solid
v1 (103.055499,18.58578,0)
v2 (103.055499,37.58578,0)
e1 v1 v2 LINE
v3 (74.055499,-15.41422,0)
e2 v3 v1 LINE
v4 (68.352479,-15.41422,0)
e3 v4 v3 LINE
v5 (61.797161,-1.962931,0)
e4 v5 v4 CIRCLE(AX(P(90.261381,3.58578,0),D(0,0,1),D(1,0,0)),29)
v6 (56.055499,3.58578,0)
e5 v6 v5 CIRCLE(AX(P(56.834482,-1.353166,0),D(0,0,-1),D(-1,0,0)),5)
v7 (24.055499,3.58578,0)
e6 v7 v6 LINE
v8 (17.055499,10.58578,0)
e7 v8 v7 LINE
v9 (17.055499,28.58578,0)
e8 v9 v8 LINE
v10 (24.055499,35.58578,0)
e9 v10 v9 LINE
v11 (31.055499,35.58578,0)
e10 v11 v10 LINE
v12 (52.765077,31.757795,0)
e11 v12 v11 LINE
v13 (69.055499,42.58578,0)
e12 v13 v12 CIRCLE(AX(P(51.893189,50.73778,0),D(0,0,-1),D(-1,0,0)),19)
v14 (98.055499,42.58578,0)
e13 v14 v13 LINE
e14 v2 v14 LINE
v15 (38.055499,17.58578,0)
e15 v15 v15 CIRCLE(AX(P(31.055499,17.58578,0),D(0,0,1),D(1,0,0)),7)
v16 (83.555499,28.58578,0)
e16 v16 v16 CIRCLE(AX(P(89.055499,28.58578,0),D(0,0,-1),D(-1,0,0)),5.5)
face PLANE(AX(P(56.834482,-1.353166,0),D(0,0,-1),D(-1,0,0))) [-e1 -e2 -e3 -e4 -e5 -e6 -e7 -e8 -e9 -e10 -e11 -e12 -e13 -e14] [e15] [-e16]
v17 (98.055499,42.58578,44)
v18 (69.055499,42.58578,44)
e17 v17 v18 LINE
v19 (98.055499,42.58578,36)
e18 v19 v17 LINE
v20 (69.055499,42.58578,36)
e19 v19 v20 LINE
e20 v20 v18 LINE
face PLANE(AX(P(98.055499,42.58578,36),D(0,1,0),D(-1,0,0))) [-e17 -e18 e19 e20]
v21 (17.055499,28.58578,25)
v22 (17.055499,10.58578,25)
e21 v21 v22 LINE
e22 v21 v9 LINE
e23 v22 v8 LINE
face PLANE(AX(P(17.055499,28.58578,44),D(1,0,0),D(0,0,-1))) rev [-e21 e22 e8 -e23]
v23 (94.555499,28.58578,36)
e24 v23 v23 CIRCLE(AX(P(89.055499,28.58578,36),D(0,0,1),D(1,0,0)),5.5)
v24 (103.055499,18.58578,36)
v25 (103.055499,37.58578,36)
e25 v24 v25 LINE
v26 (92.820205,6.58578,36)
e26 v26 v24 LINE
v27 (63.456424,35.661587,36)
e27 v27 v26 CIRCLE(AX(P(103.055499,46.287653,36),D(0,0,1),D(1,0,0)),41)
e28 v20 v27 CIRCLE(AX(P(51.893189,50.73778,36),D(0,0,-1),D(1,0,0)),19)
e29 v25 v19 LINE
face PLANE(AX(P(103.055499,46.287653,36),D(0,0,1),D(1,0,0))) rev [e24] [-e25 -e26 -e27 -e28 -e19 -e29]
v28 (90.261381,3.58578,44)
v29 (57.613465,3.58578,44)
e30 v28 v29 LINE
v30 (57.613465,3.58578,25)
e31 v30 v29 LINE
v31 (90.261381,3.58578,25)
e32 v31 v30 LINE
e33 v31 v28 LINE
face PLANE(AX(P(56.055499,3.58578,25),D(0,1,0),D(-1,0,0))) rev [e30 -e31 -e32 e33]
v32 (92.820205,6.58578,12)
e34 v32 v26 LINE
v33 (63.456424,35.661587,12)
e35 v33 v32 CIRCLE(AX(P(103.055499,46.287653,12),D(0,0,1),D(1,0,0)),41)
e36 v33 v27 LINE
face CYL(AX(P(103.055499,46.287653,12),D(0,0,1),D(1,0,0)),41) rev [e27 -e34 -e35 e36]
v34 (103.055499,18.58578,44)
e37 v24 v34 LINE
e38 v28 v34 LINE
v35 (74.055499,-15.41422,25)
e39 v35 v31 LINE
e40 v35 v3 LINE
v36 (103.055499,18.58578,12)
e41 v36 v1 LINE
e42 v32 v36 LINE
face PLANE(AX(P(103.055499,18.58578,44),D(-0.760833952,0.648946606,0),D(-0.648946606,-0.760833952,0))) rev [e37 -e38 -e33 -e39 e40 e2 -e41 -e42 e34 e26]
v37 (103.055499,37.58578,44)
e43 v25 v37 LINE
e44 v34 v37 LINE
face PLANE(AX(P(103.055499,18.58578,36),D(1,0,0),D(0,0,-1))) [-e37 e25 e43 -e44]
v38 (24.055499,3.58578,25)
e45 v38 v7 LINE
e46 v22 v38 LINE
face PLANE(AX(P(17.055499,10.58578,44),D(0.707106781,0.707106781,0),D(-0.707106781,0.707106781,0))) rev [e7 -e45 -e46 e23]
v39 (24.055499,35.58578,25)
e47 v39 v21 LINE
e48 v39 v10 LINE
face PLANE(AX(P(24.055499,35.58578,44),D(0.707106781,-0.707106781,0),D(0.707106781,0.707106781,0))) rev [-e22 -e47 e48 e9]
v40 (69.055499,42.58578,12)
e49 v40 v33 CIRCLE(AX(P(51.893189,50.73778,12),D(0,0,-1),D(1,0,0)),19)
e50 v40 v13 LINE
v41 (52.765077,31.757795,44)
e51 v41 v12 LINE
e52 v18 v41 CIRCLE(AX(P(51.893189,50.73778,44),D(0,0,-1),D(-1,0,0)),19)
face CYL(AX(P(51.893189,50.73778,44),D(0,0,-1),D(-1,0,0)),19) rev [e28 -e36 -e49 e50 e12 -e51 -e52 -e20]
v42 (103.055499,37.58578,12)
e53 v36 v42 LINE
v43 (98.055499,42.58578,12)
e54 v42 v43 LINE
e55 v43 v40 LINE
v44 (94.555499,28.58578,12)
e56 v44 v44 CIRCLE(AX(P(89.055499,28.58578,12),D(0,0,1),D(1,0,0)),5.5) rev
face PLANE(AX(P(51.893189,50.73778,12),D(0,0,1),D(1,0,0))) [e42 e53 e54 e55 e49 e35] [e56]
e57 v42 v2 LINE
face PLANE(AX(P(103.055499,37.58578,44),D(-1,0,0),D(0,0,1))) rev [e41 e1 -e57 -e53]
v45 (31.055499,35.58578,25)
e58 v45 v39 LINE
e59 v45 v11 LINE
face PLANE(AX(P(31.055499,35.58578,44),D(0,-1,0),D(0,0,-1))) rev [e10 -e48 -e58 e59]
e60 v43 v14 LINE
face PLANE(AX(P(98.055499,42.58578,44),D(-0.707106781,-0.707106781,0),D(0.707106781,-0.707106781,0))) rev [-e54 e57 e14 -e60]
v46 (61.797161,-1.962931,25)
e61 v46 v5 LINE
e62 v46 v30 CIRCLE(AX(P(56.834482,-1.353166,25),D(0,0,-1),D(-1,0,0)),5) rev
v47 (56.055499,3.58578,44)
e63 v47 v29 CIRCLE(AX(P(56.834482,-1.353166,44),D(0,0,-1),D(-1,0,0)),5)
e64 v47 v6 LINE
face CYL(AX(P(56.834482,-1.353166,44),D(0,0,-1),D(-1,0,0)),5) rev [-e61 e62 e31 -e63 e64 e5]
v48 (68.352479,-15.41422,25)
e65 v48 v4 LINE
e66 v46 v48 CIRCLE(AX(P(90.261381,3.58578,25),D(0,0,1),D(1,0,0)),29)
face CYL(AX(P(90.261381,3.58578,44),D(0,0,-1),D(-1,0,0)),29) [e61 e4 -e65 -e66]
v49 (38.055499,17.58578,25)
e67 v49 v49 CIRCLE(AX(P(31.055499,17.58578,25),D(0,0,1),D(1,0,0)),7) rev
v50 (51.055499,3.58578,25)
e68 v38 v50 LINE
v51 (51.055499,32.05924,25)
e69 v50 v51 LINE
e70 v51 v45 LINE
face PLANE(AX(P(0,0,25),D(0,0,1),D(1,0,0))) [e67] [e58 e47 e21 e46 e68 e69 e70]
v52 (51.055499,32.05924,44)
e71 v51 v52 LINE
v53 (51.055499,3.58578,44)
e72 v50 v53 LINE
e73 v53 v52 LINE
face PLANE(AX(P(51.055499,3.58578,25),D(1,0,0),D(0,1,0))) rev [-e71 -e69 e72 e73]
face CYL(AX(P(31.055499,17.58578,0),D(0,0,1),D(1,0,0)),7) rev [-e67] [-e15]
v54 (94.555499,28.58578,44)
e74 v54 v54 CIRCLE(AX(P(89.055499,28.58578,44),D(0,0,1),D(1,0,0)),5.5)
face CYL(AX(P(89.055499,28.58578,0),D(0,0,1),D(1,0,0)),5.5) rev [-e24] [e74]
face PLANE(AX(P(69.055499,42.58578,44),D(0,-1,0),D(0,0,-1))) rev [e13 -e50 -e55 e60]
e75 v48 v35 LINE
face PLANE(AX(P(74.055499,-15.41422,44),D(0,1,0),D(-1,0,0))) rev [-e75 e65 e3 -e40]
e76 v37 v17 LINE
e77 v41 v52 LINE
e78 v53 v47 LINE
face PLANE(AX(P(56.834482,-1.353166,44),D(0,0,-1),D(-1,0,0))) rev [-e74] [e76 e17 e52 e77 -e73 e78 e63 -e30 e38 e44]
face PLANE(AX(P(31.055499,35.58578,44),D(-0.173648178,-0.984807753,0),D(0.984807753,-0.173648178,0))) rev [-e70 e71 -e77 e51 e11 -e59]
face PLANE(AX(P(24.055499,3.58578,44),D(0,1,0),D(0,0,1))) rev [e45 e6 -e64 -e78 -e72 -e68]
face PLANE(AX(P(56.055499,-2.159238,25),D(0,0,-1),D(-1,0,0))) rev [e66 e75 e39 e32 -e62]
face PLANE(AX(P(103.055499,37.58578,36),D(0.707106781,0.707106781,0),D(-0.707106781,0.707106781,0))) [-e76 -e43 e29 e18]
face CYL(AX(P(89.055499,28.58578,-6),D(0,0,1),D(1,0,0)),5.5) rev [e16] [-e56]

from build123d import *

# Parameters (mm, degrees)
BOSS_EXTRU_1_DEPTH      = 44
ESQUISSE2_R             = 7
ENL_V_MAT_EXTRU_1_DEPTH = 44
ENL_V_MAT_EXTRU_2_DEPTH = 19
ESQUISSE4_R             = 5.5
ENL_V_MAT_EXTRU_3_DEPTH = 50
ENL_V_START             = -19
ENL_V_MAT_EXTRU_5_DEPTH = 19
ENL_V_START_2           = -32
ENL_V_MAT_EXTRU_8_DEPTH = 32
BOSS_EXTRU_3_START      = -8
BOSS_EXTRU_3_DEPTH      = 8
ESQUISSE15_R            = 5.5
ENL_V_MAT_EXTRU_9_DEPTH = 44


with BuildPart() as part:
    # Esquisse1 → Boss.-Extru.1 (new body)
    with BuildSketch(Plane.XY):
        with BuildLine():
            Line((69.055498862, 42.585779817), (98.055498862, 42.585779817))
            Line((98.055498862, 42.585779817), (103.055498862, 37.585779817))
            Line((103.055498862, 37.585779817), (103.055498862, 18.585779817))
            Line((103.055498862, 18.585779817), (74.055498862, -15.414220183))
            Line((74.055498862, -15.414220183), (68.352478915, -15.414220183))
            ThreePointArc((68.352478915, -15.414220183), (64.19229693, -9.118662105), (61.797161375, -1.962930743))
            ThreePointArc((61.797161375, -1.962930743), (60.309086392, 2.242265049), (56.055498862, 3.585779817))
            Line((56.055498862, 3.585779817), (24.055498862, 3.585779817))
            Line((24.055498862, 3.585779817), (17.055498862, 10.585779817))
            Line((17.055498862, 10.585779817), (17.055498862, 28.585779817))
            Line((17.055498862, 28.585779817), (24.055498862, 35.585779817))
            Line((24.055498862, 35.585779817), (31.055498862, 35.585779817))
            Line((31.055498862, 35.585779817), (52.765077496, 31.757795364))
            ThreePointArc((52.765077496, 31.757795364), (62.410764196, 34.914360395), (69.055498862, 42.585779817))
        make_face()
    extrude(amount=BOSS_EXTRU_1_DEPTH)

    # Esquisse2 → Enlèv. mat.-Extru.1 (cut)
    with BuildSketch(Plane.XY.offset(44)):
        with Locations((31.055498862, 17.585779817)):
            Circle(ESQUISSE2_R)
    extrude(amount=-ENL_V_MAT_EXTRU_1_DEPTH, mode=Mode.SUBTRACT)

    # Esquisse3 → Enlèv. mat.-Extru.2 (cut)
    with BuildSketch(Plane.XY.offset(44)):
        Polygon((17.055498862, 28.585779817), (17.055498862, 10.585779817), (24.055498862, 3.585779817), (51.055498862, 3.585779817), (51.055498862, 32.059240202), (31.055498862, 35.585779817), (24.055498862, 35.585779817), align=None)
    extrude(amount=-ENL_V_MAT_EXTRU_2_DEPTH, mode=Mode.SUBTRACT)

    # Esquisse4 → Enlèv. mat.-Extru.3 (cut)
    with BuildSketch(Plane.XY.offset(44)):
        with Locations((89.055498862, 28.585779817)):
            Circle(ESQUISSE4_R)
    extrude(amount=-ENL_V_MAT_EXTRU_3_DEPTH, mode=Mode.SUBTRACT)

    # Esquisse10 → Enlèv. mat.-Extru.5 (cut)
    with BuildSketch(Plane.XY.offset(44).offset(ENL_V_START)):
        with BuildLine():
            Line((56.055498862, 3.585779817), (90.261381215, 3.585779817))
            Line((90.261381215, 3.585779817), (74.055498862, -15.414220183))
            Line((74.055498862, -15.414220183), (68.352478915, -15.414220183))
            ThreePointArc((68.352478915, -15.414220183), (64.19229693, -9.118662105), (61.797161375, -1.962930743))
            ThreePointArc((61.797161375, -1.962930743), (60.047831429, 1.971925154), (56.055498862, 3.585779817))
        make_face()
    extrude(amount=ENL_V_MAT_EXTRU_5_DEPTH, mode=Mode.SUBTRACT)

    # Esquisse13 → Enlèv. mat.-Extru.8 (cut)
    with BuildSketch(Plane.XY.offset(44).offset(ENL_V_START_2)):
        with BuildLine():
            Line((69.055498862, 42.585779817), (98.055498862, 42.585779817))
            Line((98.055498862, 42.585779817), (103.055498862, 37.585779817))
            Line((103.055498862, 37.585779817), (103.055498862, 18.585779817))
            Line((103.055498862, 18.585779817), (92.820204745, 6.585779817))
            ThreePointArc((92.820204745, 6.585779817), (74.207332122, 17.1537679), (63.456424114, 35.661587231))
            ThreePointArc((63.456424114, 35.661587231), (66.667333439, 38.791037909), (69.055498862, 42.585779817))
        make_face()
    extrude(amount=ENL_V_MAT_EXTRU_8_DEPTH, mode=Mode.SUBTRACT)

    # Esquisse14 → Boss.-Extru.3 (add)
    with BuildSketch(Plane.XY.offset(44).offset(BOSS_EXTRU_3_START)):
        with BuildLine():
            Line((92.820204745, 6.585779817), (103.055498862, 18.585779817))
            Line((103.055498862, 18.585779817), (103.055498862, 37.585779817))
            Line((103.055498862, 37.585779817), (98.055498862, 42.585779817))
            Line((98.055498862, 42.585779817), (69.055498862, 42.585779817))
            ThreePointArc((69.055498862, 42.585779817), (66.667333439, 38.791037909), (63.456424114, 35.661587231))
            ThreePointArc((63.456424114, 35.661587231), (74.207332122, 17.1537679), (92.820204745, 6.585779817))
        make_face()
    extrude(amount=BOSS_EXTRU_3_DEPTH)

    # Esquisse15 → Enlèv. mat.-Extru.9 (cut)
    with BuildSketch(Plane.XY.offset(44)):
        with Locations((89.055498862, 28.585779817)):
            Circle(ESQUISSE15_R)
    extrude(amount=-ENL_V_MAT_EXTRU_9_DEPTH, mode=Mode.SUBTRACT)


solid = part.part
